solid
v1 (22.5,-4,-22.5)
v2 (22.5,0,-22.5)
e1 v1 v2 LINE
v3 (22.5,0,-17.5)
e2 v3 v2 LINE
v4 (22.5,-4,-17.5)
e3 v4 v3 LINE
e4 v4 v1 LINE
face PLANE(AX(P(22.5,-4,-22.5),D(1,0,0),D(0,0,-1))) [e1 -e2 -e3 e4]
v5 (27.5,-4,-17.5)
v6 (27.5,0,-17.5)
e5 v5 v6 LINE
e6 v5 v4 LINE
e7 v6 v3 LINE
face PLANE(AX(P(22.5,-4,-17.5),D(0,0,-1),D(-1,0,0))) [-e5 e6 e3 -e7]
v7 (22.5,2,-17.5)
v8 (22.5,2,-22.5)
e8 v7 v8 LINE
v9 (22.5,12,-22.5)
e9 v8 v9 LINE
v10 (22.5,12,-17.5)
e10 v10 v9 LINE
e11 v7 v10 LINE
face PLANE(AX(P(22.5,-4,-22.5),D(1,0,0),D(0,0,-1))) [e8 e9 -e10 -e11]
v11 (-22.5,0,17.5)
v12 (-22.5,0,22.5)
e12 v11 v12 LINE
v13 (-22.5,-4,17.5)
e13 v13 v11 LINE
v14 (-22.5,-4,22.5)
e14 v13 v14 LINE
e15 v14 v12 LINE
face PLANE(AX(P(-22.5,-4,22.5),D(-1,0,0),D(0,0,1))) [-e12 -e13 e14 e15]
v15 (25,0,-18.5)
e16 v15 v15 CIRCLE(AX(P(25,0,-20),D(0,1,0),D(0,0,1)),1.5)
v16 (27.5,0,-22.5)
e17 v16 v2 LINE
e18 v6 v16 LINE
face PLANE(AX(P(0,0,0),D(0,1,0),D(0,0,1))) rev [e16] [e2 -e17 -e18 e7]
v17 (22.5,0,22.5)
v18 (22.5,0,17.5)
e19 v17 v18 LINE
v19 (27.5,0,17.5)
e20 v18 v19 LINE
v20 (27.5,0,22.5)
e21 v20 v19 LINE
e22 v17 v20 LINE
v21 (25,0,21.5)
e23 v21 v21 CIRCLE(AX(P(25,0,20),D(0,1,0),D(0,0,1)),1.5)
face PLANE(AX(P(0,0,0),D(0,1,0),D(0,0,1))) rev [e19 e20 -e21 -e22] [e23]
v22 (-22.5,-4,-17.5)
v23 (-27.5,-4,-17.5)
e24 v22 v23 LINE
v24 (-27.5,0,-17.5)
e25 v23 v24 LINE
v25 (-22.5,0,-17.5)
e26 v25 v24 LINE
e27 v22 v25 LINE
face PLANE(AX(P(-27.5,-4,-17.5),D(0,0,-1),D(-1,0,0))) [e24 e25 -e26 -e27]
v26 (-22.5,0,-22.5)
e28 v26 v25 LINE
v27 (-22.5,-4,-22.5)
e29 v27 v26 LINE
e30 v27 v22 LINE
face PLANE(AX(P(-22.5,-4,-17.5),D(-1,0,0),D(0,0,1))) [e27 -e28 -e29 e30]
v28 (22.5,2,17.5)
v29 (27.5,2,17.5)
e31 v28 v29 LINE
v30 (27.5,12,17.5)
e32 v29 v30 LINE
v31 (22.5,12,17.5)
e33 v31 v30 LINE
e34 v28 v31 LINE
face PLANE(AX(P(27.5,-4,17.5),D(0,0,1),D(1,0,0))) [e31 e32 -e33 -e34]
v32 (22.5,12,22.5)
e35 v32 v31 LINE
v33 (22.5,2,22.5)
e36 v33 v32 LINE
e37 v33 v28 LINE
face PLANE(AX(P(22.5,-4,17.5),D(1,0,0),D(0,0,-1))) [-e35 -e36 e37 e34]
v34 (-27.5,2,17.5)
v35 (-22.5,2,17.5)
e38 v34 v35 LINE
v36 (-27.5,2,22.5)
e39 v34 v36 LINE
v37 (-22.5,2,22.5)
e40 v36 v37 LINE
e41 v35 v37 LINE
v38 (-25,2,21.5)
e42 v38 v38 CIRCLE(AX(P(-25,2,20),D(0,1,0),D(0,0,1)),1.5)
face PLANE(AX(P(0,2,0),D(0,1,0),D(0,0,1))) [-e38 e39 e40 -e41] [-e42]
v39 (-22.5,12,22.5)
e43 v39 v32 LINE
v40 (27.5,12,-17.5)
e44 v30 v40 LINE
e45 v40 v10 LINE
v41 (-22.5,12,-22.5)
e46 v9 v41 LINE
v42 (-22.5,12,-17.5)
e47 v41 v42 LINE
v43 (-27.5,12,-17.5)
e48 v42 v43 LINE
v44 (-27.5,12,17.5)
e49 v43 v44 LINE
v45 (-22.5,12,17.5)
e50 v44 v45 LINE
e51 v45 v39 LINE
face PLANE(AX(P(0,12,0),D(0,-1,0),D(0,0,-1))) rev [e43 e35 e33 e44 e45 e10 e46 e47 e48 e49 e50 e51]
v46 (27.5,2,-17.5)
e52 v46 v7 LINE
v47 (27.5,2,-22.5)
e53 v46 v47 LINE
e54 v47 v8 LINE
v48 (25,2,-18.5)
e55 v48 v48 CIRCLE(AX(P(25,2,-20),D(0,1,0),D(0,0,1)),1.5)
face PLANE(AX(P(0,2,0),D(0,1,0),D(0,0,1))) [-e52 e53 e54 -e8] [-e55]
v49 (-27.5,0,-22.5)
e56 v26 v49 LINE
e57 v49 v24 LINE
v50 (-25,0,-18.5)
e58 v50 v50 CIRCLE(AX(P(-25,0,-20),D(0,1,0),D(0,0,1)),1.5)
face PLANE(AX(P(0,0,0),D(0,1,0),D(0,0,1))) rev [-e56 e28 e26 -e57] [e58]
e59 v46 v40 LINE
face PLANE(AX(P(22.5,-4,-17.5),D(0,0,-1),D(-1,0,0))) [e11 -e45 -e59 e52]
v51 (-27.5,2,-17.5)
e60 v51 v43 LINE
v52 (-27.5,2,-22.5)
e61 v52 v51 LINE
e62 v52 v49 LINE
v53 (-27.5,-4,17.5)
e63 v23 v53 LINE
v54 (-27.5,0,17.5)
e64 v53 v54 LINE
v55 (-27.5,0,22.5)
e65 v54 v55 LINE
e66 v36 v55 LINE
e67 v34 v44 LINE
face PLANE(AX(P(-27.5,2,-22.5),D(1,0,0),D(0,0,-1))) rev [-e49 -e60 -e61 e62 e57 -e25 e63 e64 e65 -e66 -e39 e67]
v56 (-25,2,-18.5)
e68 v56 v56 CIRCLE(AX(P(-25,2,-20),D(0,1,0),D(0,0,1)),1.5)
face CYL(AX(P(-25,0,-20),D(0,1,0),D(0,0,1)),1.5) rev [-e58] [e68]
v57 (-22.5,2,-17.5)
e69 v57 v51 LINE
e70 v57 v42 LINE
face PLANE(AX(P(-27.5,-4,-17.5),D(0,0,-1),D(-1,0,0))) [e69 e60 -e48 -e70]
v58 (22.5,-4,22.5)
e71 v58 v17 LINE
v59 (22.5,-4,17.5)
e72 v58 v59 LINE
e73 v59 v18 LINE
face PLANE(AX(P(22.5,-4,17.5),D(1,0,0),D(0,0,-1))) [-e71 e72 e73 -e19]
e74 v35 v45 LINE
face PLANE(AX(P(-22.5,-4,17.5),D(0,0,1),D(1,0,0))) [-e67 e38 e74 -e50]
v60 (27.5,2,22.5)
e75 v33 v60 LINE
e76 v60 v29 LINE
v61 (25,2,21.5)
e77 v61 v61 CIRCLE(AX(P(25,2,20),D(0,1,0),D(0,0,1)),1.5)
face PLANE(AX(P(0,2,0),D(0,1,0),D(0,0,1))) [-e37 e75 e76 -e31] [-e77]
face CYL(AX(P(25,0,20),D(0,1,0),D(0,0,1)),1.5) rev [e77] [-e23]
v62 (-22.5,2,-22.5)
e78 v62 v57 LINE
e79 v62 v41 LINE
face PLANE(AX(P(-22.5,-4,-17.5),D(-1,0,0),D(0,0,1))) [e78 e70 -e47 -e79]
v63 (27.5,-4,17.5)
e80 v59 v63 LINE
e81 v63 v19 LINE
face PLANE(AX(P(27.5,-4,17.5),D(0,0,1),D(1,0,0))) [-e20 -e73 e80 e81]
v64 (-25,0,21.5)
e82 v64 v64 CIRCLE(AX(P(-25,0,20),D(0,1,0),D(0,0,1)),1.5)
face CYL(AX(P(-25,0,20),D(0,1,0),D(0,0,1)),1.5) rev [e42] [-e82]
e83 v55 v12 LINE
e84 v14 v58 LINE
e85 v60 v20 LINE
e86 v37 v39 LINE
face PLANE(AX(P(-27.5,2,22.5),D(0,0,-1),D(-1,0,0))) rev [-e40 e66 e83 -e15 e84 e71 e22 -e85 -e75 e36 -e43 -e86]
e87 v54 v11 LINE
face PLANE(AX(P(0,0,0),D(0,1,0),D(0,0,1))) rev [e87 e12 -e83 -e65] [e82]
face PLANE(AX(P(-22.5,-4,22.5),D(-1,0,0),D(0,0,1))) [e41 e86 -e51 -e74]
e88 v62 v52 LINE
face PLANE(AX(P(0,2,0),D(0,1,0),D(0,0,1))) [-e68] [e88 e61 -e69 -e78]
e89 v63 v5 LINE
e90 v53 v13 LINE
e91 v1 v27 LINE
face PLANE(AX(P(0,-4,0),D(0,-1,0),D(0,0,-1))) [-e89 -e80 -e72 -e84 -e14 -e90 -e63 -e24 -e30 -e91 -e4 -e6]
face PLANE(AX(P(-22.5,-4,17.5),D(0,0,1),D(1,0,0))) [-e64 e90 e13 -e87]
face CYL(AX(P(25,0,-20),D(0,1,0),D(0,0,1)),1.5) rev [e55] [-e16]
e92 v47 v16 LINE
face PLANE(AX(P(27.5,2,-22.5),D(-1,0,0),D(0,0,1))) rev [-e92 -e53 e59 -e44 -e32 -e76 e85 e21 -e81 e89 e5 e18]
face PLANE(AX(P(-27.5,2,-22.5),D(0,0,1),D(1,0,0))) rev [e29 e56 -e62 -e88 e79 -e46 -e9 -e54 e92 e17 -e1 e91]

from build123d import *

# Parameters (mm, degrees)
SKETCH_1_W                 = 55
SKETCH_1_H                 = 45
EXTRUDE_360_DEPTH          = 2
CUT_EXTRUDE_614_DEPTH      = 36.587919299
CUT_EXTRUDE_614_DEPTH_BACK = 36.587919299
SKETCH_2_R                 = 1.5
EXTRUDE_883_DEPTH          = 10
EXTRUDE_883_DEPTH_BACK     = 6


with BuildPart() as part:
    # Эскиз1 → Extrude 360 (new body)
    with BuildSketch(Plane(origin=(0, 0, 0), x_dir=(1, 0, 0), z_dir=(0, 1, 0))):
        Rectangle(SKETCH_1_W, SKETCH_1_H)
    extrude(amount=EXTRUDE_360_DEPTH)

    # Эскиз2 → Cut-Extrude 614 (cut, two sides: drawn at the far end of the back side and taken through both)
    with BuildSketch(Plane(origin=(0, 2, 0), x_dir=(1, 0, 0), z_dir=(0, 1, 0)).offset(-CUT_EXTRUDE_614_DEPTH_BACK)):
        with Locations(Location((-25, 20, 0), (0, 0, 270))):
            Circle(SKETCH_2_R)
        with Locations(Location((25, 20, 0), (0, 0, 270))):
            Circle(SKETCH_2_R)
        with Locations(Location((25, -20, 0), (0, 0, 270))):
            Circle(SKETCH_2_R)
        with Locations(Location((-25, -20, 0), (0, 0, 270))):
            Circle(SKETCH_2_R)
    extrude(amount=CUT_EXTRUDE_614_DEPTH + CUT_EXTRUDE_614_DEPTH_BACK, mode=Mode.SUBTRACT)

    # Эскиз3 → Extrude 883 (add, two sides: drawn at the far end of the back side and taken through both)
    with BuildSketch(Plane(origin=(0, 2, 0), x_dir=(1, 0, 0), z_dir=(0, 1, 0)).offset(-EXTRUDE_883_DEPTH_BACK)):
        Polygon((-27.5, 17.5), (-22.5, 17.5), (-22.5, 22.5), (22.5, 22.5), (22.5, 17.5), (27.5, 17.5), (27.5, -17.5), (22.5, -17.5), (22.5, -22.5), (-22.5, -22.5), (-22.5, -17.5), (-27.5, -17.5), align=None)
    extrude(amount=EXTRUDE_883_DEPTH + EXTRUDE_883_DEPTH_BACK)


solid = part.part
